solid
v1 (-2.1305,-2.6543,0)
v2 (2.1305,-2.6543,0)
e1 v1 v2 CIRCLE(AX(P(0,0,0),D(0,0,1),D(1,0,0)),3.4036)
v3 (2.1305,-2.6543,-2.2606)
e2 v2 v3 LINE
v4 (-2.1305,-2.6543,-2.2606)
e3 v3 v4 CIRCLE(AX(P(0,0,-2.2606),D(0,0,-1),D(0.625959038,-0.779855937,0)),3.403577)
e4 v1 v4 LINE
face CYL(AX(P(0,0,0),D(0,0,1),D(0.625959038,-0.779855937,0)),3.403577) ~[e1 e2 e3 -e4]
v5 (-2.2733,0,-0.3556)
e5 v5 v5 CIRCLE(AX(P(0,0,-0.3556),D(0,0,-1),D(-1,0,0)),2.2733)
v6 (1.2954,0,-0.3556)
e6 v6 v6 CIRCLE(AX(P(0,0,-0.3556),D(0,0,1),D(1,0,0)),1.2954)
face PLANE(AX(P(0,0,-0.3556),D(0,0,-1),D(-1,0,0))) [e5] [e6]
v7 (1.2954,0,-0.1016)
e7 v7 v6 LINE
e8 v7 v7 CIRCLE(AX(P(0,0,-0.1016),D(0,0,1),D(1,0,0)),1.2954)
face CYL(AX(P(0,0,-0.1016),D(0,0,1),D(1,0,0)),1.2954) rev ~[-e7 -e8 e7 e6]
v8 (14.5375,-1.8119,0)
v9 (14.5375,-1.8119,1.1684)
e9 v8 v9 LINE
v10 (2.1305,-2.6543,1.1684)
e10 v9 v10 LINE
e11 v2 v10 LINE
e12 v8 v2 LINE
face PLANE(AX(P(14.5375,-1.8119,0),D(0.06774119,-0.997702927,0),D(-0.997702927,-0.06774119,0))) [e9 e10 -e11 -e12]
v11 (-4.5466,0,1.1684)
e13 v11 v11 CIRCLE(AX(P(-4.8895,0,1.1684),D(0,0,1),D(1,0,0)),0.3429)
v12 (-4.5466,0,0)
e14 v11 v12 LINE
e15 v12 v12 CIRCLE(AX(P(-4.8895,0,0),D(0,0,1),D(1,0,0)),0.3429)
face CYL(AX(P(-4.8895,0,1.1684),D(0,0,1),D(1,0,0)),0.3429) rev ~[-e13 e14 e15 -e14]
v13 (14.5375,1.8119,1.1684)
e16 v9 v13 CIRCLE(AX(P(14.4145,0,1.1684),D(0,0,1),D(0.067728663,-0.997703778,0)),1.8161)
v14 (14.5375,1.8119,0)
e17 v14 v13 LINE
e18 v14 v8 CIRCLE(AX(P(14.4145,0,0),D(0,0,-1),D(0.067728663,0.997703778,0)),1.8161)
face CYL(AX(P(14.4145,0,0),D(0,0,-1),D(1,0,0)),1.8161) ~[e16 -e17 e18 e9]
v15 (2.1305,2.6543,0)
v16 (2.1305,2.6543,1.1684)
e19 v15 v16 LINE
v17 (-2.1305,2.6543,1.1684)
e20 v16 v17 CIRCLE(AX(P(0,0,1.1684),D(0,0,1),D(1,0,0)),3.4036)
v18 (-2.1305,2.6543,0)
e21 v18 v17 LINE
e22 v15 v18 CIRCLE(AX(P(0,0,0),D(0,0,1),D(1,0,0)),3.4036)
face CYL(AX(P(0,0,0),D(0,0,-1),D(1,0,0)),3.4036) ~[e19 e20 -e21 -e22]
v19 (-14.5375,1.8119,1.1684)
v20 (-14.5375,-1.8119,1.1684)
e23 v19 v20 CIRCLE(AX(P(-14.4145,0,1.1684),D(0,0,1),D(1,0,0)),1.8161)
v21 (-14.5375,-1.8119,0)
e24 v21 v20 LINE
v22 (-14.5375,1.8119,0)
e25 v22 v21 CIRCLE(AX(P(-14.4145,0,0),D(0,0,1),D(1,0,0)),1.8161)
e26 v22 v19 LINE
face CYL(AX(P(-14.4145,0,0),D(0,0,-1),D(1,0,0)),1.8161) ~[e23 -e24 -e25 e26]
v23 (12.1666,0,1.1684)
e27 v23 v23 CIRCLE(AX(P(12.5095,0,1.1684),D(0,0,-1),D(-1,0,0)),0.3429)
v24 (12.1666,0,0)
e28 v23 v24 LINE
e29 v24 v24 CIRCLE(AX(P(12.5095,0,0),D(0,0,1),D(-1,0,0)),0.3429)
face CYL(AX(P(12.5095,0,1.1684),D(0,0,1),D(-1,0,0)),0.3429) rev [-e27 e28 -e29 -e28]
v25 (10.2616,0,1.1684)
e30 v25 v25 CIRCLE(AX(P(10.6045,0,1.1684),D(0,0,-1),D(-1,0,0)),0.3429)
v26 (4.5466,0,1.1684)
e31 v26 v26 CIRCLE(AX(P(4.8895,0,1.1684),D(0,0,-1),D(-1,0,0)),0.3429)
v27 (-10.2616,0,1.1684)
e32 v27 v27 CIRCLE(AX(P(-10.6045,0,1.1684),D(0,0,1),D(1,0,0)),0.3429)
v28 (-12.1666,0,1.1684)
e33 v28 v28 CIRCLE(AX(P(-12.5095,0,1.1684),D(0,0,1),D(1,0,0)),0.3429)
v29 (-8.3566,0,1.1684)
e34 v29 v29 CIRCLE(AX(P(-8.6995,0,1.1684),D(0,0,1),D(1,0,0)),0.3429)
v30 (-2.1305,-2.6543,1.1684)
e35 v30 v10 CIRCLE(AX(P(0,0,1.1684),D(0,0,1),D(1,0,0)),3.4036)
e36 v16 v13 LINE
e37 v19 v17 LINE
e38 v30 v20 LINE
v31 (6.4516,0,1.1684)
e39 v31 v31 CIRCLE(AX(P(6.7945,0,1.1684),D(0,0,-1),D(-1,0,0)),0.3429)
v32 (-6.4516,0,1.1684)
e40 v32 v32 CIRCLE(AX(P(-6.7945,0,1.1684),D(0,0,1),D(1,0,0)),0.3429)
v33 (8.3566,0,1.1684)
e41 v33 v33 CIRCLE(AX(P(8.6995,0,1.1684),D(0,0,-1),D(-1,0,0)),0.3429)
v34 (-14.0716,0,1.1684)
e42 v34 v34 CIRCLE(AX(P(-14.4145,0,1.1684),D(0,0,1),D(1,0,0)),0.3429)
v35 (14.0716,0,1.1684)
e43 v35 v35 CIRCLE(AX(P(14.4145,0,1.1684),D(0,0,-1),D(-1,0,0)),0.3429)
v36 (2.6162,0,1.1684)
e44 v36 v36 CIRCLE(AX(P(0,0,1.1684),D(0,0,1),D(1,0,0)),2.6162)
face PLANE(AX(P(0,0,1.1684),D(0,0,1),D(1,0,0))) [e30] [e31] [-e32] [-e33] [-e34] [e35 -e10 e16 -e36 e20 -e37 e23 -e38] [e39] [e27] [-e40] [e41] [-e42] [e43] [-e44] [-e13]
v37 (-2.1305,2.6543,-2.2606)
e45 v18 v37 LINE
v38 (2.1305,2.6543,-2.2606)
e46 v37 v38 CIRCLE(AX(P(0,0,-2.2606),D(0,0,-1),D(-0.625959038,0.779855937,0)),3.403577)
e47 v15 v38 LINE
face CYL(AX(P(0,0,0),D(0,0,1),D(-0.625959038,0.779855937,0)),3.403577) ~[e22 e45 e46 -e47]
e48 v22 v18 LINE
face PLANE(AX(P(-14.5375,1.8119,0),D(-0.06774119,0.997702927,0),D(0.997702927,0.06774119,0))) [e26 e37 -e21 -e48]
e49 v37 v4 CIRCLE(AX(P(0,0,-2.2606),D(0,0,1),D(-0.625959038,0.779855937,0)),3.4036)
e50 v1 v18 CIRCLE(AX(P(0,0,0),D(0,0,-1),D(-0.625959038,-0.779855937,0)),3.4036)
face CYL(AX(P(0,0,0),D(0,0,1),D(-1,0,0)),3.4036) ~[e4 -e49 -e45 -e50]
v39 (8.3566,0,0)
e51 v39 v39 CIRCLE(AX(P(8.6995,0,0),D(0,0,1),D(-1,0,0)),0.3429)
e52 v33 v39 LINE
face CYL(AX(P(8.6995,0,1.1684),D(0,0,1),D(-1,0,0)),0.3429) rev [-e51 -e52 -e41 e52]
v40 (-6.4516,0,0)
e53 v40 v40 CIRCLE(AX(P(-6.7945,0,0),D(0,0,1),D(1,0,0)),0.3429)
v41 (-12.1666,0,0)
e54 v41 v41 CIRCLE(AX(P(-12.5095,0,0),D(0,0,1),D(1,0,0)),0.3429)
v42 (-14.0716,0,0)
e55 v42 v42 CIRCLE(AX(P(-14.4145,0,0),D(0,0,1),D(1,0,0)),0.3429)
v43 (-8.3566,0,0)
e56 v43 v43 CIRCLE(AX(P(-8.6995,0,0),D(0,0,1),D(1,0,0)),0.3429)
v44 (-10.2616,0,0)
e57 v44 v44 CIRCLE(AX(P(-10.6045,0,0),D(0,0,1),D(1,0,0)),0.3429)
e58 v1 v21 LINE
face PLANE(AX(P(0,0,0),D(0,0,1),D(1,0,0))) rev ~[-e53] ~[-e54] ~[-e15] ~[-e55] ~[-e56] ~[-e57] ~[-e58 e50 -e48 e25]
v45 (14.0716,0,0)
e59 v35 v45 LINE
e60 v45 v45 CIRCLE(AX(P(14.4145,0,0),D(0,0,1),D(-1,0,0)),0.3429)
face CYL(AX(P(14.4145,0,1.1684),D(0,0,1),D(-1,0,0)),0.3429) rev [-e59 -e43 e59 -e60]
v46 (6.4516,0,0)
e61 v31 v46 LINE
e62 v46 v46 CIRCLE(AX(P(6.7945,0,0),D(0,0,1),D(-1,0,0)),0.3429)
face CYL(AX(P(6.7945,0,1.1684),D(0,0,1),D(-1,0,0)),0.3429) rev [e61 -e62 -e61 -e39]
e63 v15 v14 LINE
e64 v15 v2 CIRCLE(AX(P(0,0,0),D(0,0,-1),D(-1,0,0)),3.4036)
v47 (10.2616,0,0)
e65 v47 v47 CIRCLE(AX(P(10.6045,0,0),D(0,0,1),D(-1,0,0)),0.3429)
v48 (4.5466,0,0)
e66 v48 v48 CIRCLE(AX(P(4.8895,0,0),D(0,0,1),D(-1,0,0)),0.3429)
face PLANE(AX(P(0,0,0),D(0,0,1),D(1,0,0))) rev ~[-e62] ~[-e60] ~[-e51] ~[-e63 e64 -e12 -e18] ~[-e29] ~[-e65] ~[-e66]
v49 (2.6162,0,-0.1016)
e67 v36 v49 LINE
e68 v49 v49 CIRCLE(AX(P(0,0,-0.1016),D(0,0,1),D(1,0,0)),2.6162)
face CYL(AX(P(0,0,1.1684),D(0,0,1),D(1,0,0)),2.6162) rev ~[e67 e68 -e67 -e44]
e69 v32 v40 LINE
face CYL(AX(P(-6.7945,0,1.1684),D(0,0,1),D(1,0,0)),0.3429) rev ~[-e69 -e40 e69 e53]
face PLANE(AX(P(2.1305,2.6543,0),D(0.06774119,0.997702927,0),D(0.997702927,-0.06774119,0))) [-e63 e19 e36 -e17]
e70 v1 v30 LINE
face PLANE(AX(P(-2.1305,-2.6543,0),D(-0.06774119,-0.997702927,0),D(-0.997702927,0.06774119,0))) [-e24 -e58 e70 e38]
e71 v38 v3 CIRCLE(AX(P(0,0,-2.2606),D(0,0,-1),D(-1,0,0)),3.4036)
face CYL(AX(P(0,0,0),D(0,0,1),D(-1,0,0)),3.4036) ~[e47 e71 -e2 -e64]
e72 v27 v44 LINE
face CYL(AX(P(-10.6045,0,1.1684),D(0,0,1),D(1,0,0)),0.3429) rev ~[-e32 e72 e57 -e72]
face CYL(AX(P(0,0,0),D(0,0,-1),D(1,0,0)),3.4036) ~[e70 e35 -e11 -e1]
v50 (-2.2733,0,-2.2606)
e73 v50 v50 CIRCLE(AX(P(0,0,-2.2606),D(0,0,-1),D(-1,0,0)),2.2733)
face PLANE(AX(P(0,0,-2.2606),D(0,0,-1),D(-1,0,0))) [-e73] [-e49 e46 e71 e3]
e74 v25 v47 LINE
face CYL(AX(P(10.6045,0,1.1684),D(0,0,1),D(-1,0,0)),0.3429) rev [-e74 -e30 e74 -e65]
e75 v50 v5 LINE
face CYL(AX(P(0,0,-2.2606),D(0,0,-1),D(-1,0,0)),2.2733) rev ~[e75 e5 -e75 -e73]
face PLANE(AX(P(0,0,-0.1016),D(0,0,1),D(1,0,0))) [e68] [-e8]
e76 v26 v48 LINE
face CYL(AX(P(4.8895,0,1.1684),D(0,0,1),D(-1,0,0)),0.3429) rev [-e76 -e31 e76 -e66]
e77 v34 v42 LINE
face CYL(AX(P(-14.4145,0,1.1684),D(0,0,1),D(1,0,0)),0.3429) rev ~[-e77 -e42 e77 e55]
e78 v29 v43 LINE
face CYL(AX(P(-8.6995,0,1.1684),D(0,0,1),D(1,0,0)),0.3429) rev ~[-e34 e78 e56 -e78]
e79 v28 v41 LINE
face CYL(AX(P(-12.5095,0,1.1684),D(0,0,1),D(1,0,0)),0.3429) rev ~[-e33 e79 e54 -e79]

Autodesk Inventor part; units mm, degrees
ref_plane "YZ Plane" through (0, 0, 0) normal (1, 0, 0) x (0, 1, 0)
ref_plane "XZ Plane" through (0, 0, 0) normal (0, 1, 0) x (-1, 0, 0)
ref_plane "XY Plane" through (0, 0, 0) normal (0, 0, 1) x (1, 0, 0)
sketch "Sketch1" plane through (0, 0, 0) normal (0, 0, 1) x (1, 0, 0)
  circle A0 centre (0, 0) radius 3.4036
  circle A1 centre (-14.4145, 0) radius 1.8161
  circle A2 centre (14.4145, 0) radius 1.8161
  line L0 (0, 0) -> (0, 12.9246) construction
  line L1 (-14.5375, 1.8119) -> (-2.1305, 2.6543)
  line L2 (2.1305, 2.6543) -> (14.5375, 1.8119)
  line L3 (14.5375, -1.8119) -> (2.1305, -2.6543)
  line L4 (-2.1305, -2.6543) -> (-14.5375, -1.8119)
  dimension "d0" = 6.8072
  dimension "d1" = 3.6322
  dimension "d2" = 32.4612
  dimension "d3" = 5.3086
extrude "Extrusion1" add sketch "Sketch1" along normal blind 1.1684
sketch "Sketch2" plane through (0, 0, 0) normal (0, 0, -1) x (-1, 0, 0)
  arc A0 (14.5375, -1.8119) -> (14.5375, 1.8119) centre (14.4145, 0) ccw projected
  line L0 (2.1305, 2.6543) -> (14.5375, 1.8119) projected
  arc A1 (2.1305, 2.6543) -> (-2.1305, 2.6543) centre (0, 0) ccw projected
  line L1 (-14.5375, 1.8119) -> (-2.1305, 2.6543) projected
  arc A2 (-14.5375, 1.8119) -> (-14.5375, -1.8119) centre (-14.4145, 0) ccw projected
  line L2 (-2.1305, -2.6543) -> (-14.5375, -1.8119) projected
  arc A3 (-2.1305, -2.6543) -> (2.1305, -2.6543) centre (0, 0) ccw projected
  line L3 (14.5375, -1.8119) -> (2.1305, -2.6543) projected
  circle A4 centre (0, 0) radius 3.4036
extrude "Extrusion2" add sketch "Sketch2" along normal blind 2.2606 contours A3 A4 A1
sketch "Sketch3" plane through (0, 0, -2.2606) normal (0, 0, -1) x (-1, 0, 0)
  circle A0 centre (0, 0) radius 2.2733
  dimension "d8" = 4.5466
extrude "Extrusion3" cut sketch "Sketch3" against normal blind 1.905
sketch "Sketch4" plane through (0, 0, 1.1684) normal (0, 0, 1) x (1, 0, 0)
  circle A0 centre (0, 0) radius 2.6162
  dimension "d11" = 5.2324
extrude "Extrusion4" cut sketch "Sketch4" against normal blind 1.27
sketch "Sketch5" plane through (0, 0, -0.1016) normal (0, 0, 1) x (1, 0, 0)
  circle A0 centre (0, 0) radius 1.2954
  dimension "d14" = 2.5908
extrude "Extrusion5" cut sketch "Sketch5" against normal blind 1.27
sketch "Sketch6" plane through (0, 0, 1.1684) normal (0, 0, 1) x (1, 0, 0)
  arc A0 (-14.5375, 1.8119) -> (-14.5375, -1.8119) centre (-14.4145, 0) ccw projected
  circle A1 centre (-14.4145, 0) radius 0.3429
  point P0 (0, 0)
  dimension "d17" = 0.6858
extrude "Extrusion6" cut sketch "Sketch6" against normal through all
pattern_linear "Rectangular Pattern1" count 6 spacing 1.905 along (1, 0, 0) of "Extrusion6"
mirror "Mirror1" about plane through (0, 0, 0) normal (1, 0, 0) of "Extrusion6", "Rectangular Pattern1"
properties part number "2 Way MicroServo Attachment"
